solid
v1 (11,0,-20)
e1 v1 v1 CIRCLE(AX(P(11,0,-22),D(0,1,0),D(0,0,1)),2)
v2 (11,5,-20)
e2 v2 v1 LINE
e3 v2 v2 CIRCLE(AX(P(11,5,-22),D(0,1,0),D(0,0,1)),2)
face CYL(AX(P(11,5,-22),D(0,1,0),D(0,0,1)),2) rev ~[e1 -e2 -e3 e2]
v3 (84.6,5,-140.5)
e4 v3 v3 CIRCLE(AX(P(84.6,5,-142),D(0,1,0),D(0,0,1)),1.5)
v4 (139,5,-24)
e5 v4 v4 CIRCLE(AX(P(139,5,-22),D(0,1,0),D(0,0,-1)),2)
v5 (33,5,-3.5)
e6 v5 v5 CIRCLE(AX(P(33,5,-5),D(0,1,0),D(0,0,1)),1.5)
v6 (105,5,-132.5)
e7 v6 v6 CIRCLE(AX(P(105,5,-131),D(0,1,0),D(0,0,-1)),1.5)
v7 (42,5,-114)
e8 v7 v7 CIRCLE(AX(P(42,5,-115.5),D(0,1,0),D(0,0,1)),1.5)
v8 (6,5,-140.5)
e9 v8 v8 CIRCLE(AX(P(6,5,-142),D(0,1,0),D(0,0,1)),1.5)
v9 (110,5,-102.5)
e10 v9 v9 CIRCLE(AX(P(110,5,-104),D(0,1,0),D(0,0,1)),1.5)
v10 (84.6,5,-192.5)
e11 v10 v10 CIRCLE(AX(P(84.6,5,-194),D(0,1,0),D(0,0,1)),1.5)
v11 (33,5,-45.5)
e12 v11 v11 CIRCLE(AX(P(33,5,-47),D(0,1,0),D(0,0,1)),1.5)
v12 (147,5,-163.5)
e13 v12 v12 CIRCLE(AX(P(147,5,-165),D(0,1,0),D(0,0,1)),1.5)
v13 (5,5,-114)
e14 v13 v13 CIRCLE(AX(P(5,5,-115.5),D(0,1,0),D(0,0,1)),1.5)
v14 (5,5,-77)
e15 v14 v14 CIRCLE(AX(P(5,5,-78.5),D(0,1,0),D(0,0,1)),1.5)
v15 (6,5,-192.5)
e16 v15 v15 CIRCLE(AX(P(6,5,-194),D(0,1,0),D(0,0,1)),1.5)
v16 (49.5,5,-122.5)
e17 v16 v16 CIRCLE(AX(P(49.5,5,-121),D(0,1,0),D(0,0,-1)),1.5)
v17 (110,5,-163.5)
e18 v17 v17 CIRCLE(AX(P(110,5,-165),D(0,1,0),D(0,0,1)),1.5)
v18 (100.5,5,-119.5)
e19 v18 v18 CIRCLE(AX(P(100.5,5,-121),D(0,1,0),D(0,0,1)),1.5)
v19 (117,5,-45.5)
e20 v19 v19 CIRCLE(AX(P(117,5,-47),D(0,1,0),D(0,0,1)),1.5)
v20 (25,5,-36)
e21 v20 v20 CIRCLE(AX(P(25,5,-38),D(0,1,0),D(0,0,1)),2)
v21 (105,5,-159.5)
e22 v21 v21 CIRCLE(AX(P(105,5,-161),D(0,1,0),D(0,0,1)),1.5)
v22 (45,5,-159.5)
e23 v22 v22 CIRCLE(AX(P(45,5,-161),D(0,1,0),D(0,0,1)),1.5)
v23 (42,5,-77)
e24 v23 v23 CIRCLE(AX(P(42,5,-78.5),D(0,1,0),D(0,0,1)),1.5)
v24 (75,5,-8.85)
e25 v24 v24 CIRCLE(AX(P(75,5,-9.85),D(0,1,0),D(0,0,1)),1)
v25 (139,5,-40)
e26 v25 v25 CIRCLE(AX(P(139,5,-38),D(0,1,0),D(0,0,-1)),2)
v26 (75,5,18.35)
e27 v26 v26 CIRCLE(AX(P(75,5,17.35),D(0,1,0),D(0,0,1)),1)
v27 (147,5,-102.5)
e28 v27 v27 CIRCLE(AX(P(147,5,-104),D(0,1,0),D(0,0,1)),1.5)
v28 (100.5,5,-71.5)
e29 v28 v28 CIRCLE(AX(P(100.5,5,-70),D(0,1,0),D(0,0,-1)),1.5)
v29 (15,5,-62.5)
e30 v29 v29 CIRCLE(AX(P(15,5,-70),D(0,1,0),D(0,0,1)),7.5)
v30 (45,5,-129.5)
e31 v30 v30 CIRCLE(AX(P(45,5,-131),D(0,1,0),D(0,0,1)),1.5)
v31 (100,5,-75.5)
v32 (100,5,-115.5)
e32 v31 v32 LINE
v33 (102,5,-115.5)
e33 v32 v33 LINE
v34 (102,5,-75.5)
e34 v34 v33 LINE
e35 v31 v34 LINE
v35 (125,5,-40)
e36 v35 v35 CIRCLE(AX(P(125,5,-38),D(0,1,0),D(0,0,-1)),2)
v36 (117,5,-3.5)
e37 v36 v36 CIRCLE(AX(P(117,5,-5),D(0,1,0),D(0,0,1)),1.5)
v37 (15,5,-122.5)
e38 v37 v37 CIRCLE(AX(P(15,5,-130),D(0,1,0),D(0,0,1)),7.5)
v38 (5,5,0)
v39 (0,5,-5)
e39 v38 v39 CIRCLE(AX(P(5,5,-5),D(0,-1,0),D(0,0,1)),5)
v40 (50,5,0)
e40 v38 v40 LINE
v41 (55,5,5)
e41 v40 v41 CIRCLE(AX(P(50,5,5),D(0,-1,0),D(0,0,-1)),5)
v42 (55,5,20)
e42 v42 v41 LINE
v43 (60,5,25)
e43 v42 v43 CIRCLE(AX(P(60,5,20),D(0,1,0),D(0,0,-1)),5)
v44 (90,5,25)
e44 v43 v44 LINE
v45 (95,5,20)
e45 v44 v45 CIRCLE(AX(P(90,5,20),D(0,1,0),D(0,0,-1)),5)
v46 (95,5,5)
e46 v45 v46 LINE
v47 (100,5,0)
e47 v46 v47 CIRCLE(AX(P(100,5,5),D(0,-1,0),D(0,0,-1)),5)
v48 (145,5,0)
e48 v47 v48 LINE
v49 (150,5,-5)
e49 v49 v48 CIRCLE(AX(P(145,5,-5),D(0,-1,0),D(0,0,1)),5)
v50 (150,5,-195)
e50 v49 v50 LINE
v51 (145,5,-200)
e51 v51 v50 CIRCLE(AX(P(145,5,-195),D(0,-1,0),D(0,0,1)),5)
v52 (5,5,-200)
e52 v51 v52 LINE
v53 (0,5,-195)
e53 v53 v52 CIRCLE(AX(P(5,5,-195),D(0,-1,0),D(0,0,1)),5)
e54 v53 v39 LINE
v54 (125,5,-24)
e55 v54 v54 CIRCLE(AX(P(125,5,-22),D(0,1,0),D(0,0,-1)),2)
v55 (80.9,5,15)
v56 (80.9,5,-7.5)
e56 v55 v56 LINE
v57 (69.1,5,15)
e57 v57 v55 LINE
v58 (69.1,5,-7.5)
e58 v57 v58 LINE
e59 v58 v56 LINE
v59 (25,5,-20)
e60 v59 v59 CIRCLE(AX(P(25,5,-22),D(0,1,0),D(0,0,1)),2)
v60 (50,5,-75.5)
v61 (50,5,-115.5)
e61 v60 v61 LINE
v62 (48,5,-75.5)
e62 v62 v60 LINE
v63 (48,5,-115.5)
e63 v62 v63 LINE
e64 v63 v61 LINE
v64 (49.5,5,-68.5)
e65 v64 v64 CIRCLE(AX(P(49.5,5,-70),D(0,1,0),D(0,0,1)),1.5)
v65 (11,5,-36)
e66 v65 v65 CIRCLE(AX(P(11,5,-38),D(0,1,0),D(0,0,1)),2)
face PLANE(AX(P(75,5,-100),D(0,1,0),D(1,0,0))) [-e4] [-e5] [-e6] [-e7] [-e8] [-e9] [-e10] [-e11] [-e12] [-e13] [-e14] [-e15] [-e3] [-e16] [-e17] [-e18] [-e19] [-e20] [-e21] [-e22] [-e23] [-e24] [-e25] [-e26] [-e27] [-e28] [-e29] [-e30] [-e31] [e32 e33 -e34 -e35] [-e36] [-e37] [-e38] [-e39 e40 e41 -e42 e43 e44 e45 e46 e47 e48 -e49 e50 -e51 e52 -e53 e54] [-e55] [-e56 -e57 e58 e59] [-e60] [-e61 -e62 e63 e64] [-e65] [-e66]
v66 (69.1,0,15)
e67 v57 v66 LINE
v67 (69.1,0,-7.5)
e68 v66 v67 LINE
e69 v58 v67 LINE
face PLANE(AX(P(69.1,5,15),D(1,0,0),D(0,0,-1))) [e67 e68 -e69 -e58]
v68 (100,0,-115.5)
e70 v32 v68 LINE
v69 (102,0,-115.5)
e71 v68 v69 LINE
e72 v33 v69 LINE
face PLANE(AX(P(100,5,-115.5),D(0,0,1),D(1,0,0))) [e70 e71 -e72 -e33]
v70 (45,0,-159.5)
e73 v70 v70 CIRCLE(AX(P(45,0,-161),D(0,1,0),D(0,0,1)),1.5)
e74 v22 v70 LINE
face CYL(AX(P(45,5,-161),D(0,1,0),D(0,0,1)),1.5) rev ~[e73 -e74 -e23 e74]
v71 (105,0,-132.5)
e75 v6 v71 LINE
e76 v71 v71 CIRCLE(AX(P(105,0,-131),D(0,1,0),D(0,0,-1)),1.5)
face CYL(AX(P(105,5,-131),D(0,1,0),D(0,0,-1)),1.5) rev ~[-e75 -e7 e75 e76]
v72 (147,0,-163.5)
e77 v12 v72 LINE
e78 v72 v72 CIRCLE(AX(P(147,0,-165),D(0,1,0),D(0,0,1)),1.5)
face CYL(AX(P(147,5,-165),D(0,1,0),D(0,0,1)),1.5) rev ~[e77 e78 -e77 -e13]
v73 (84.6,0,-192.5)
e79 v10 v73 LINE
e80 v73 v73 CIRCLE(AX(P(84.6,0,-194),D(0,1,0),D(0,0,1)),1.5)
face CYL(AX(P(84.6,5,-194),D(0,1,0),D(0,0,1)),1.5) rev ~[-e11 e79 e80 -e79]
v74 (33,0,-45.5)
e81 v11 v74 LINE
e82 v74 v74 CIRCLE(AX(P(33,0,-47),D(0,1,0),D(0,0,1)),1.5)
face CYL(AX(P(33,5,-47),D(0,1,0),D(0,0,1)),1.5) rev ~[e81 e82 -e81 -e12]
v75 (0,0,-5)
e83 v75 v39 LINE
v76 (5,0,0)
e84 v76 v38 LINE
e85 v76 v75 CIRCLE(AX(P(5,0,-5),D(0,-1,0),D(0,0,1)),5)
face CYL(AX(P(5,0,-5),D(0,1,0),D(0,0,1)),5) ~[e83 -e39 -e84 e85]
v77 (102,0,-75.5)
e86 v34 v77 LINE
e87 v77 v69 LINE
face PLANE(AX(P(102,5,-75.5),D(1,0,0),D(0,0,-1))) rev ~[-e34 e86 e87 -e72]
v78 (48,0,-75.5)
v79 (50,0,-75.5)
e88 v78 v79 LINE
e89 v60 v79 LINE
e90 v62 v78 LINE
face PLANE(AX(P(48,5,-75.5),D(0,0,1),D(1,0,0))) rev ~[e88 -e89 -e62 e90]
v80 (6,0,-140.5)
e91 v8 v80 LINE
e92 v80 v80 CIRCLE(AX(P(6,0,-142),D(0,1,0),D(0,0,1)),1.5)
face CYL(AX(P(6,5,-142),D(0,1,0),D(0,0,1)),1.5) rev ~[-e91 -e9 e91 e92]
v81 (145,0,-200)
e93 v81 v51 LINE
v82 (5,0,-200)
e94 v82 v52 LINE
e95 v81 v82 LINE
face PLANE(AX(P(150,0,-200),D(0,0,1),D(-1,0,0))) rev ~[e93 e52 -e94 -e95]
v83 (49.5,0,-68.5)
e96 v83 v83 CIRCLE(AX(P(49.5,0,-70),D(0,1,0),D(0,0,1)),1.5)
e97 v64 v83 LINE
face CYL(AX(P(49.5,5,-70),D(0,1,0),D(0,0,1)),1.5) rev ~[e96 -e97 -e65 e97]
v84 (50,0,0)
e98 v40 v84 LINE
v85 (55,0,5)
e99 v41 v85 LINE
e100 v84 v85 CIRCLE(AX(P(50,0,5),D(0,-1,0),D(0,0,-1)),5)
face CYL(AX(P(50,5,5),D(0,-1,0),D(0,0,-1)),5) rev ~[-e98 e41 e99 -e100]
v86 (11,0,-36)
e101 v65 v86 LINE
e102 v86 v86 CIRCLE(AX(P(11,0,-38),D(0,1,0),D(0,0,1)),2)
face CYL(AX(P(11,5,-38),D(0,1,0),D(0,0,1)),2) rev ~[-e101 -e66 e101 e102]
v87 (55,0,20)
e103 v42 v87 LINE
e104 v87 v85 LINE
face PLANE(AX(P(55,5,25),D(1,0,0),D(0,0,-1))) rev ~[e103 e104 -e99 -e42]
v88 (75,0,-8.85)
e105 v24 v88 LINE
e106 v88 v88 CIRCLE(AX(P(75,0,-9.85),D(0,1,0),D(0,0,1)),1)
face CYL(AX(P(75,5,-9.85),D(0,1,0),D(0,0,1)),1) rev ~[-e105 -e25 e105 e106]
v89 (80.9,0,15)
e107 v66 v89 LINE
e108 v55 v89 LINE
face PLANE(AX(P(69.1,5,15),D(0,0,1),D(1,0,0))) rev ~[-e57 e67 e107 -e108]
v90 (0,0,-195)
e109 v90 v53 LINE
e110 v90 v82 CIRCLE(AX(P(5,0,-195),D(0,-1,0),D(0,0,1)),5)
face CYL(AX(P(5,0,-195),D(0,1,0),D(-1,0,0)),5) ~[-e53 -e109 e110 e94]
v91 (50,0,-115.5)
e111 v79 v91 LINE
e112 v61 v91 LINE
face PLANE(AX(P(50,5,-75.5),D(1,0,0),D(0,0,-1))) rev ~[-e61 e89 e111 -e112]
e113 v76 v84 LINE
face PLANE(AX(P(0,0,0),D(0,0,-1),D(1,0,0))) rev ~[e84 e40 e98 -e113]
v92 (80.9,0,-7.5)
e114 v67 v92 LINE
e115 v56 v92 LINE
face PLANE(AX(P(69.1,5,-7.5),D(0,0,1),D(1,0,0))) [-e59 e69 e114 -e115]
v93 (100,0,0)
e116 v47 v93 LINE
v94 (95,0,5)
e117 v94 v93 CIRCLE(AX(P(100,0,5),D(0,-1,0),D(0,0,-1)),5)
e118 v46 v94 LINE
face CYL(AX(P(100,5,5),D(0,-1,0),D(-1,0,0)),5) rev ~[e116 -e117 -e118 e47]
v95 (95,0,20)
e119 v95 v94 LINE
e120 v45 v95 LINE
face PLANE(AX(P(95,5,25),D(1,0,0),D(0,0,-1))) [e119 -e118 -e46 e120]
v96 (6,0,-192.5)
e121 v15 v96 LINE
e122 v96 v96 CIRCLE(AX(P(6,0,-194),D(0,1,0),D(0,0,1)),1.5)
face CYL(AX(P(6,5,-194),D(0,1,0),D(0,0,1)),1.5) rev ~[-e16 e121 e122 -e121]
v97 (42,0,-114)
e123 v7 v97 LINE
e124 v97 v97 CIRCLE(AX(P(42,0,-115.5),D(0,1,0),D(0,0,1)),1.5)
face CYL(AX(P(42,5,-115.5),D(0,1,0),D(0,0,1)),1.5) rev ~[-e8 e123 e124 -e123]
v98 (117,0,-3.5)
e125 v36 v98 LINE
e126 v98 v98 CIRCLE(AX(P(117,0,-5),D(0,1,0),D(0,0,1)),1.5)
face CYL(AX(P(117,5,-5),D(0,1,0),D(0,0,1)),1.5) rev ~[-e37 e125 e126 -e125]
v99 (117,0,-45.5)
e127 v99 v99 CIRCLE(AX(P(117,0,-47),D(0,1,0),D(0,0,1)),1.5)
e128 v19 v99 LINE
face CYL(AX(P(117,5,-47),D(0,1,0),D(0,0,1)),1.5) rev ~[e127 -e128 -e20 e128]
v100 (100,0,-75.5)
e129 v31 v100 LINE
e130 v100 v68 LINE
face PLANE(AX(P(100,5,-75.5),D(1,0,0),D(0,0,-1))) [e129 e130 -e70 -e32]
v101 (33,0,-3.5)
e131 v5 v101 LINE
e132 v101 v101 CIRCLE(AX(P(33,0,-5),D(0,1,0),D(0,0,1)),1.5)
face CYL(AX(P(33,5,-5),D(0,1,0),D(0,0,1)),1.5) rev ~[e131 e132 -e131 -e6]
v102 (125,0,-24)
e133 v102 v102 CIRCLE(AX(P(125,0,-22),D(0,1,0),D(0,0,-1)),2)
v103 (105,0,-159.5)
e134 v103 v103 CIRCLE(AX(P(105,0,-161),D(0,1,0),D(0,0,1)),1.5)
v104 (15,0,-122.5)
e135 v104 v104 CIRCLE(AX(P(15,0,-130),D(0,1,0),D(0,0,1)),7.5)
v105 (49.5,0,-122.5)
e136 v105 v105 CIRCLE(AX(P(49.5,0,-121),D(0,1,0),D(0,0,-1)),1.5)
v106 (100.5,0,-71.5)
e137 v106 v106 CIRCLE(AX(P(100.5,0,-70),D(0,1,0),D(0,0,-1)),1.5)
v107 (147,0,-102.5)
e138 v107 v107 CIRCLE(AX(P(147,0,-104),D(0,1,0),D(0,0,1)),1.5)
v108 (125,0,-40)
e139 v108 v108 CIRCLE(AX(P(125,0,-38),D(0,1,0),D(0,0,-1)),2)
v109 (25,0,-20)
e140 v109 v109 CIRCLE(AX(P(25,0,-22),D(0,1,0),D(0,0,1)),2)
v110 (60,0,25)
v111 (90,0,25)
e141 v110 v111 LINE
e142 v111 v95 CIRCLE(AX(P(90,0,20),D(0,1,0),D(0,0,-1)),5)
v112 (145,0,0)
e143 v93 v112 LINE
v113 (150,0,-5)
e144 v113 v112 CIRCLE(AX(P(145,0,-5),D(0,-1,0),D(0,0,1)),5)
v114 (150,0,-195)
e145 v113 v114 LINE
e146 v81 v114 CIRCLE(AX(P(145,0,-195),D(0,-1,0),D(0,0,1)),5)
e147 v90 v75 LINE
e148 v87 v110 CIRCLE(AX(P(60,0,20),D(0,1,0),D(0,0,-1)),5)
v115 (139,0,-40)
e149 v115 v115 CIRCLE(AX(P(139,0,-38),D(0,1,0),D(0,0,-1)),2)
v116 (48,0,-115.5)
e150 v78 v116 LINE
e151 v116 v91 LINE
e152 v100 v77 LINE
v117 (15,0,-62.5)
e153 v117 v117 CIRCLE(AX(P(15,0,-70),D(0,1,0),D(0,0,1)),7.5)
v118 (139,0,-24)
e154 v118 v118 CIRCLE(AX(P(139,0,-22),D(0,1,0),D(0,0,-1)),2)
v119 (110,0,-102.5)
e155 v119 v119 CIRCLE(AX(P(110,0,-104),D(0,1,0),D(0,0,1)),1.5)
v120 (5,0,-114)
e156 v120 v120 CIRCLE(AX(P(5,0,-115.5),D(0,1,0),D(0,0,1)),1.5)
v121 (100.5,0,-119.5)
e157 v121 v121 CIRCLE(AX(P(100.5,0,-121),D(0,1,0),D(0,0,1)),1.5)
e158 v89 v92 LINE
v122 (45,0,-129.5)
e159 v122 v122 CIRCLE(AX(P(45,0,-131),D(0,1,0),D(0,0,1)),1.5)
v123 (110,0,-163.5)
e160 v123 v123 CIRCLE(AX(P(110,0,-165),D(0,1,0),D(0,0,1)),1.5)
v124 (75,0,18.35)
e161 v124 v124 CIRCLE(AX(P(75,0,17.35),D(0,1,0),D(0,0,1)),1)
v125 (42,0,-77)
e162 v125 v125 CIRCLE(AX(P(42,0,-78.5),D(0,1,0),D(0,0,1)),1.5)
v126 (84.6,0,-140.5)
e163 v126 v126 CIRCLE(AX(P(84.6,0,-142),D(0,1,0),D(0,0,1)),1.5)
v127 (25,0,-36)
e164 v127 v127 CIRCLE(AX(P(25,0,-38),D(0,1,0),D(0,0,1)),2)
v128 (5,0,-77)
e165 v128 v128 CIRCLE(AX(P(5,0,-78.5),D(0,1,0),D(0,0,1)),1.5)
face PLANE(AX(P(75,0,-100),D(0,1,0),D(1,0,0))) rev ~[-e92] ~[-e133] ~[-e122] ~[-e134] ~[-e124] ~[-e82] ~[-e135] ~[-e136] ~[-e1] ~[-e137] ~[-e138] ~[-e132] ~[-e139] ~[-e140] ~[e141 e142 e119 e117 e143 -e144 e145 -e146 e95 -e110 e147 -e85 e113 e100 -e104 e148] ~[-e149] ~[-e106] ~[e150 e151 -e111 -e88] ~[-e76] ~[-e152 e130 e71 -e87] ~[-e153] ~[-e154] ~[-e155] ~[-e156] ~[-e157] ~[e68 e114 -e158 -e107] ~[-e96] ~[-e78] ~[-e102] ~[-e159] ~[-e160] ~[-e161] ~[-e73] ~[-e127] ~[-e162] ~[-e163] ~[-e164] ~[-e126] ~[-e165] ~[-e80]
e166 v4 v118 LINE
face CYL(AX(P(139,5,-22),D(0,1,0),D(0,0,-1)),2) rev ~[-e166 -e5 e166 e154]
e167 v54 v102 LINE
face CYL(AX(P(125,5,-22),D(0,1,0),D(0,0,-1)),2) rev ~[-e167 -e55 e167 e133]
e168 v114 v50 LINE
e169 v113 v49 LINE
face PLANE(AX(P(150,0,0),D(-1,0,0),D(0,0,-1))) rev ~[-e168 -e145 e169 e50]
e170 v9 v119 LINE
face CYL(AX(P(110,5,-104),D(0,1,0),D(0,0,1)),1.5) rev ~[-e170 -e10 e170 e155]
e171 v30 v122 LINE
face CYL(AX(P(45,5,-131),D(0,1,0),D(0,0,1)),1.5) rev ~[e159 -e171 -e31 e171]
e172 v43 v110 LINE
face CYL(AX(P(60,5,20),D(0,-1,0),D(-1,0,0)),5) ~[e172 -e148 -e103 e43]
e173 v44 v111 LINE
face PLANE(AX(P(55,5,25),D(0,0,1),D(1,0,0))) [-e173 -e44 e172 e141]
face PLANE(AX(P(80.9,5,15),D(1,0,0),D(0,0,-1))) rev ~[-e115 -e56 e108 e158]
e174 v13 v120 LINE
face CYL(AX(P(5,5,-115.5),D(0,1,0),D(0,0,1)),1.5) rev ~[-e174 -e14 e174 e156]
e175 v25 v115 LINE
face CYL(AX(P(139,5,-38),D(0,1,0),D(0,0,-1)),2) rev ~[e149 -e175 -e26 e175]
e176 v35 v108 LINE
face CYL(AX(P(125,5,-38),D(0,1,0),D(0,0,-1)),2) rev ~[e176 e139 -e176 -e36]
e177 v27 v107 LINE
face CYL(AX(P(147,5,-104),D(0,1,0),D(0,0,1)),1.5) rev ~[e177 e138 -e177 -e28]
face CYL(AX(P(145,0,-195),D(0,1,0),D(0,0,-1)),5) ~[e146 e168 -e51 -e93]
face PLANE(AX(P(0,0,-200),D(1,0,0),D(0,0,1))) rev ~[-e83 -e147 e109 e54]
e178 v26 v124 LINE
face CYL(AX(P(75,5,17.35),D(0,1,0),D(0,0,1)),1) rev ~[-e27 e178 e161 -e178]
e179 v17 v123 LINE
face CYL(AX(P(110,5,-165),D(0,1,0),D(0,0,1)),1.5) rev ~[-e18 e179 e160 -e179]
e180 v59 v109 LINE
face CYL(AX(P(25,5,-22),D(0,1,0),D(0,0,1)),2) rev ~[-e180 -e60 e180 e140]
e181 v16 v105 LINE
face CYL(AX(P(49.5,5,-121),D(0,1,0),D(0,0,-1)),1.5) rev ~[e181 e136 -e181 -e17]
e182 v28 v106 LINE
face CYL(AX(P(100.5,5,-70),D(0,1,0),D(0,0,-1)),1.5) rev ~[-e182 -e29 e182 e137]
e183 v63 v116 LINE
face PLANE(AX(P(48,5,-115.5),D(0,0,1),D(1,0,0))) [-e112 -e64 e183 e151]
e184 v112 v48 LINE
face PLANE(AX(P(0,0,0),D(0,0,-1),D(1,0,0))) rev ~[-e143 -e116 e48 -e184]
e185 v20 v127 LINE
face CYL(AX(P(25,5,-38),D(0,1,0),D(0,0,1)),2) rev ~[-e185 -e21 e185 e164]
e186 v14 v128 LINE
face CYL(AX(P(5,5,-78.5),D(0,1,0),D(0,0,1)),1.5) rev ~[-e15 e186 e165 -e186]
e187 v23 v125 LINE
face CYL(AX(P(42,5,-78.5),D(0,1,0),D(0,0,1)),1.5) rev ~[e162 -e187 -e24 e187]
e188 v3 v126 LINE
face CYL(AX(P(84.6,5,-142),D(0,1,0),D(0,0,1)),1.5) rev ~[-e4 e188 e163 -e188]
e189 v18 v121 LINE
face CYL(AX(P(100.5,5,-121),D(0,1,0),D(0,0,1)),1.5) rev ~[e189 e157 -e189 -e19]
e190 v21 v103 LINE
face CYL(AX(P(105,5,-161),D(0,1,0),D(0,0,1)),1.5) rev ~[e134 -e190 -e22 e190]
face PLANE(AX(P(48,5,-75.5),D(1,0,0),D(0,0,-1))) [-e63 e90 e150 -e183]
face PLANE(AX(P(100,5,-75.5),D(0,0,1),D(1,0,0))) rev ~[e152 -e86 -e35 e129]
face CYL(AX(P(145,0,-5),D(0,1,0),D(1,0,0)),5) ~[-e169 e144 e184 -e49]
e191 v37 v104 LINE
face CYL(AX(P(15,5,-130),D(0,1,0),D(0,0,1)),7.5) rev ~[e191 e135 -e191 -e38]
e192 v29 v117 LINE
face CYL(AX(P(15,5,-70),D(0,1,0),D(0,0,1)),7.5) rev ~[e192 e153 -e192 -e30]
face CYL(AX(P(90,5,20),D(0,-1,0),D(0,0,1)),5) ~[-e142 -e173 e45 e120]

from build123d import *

# Parameters (mm, degrees)
EXTRUDE_1_DEPTH     = 5
SKETCH_3_W          = 40
SKETCH_3_H          = 25
EXTRUDE_2_DEPTH     = 5
SKETCH_2_R          = 2
SKETCH_2_R_2        = 1
SKETCH_2_R_3        = 1.5
SKETCH_2_R_4        = 7.5
SKETCH_2_W          = 2
SKETCH_2_H          = 40
SKETCH_2_W_2        = 11.8
SKETCH_2_H_2        = 22.5
CUT_EXTRUDE_1_DEPTH = 10
FILLET_2_R          = 5


with BuildPart() as part:
    # 草图1 → 凸台-拉伸1 (new body)
    with BuildSketch(Plane(origin=(0, 0, 0), x_dir=(1, 0, 0), z_dir=(0, 1, 0))):
        Polygon((0, 0), (150, 0), (150, 100), (150, 200), (0, 200), (0, 100), align=None)
    extrude(amount=EXTRUDE_1_DEPTH)

    # 草图3 → 凸台-拉伸2 (add)
    with BuildSketch(Plane(origin=(0, 5, 0), x_dir=(1, 0, 0), z_dir=(0, 1, 0))):
        with Locations((75, -12.5)):
            Rectangle(SKETCH_3_W, SKETCH_3_H)
    extrude(amount=-EXTRUDE_2_DEPTH)

    # 草图2 → 切除-拉伸1 (cut)
    with BuildSketch(Plane(origin=(0, 5, 0), x_dir=(1, 0, 0), z_dir=(0, 1, 0))):
        with Locations(Location((11, 38, 0), (0, 0, 270))):
            Circle(SKETCH_2_R)
        with Locations(Location((25, 38, 0), (0, 0, 270))):
            Circle(SKETCH_2_R)
        with Locations(Location((11, 22, 0), (0, 0, 270))):
            Circle(SKETCH_2_R)
        with Locations(Location((25, 22, 0), (0, 0, 270))):
            Circle(SKETCH_2_R)
        with Locations(Location((125, 22, 0), (0, 0, 90))):
            Circle(SKETCH_2_R)
        with Locations(Location((139, 22, 0), (0, 0, 90))):
            Circle(SKETCH_2_R)
        with Locations(Location((139, 38, 0), (0, 0, 90))):
            Circle(SKETCH_2_R)
        with Locations(Location((125, 38, 0), (0, 0, 90))):
            Circle(SKETCH_2_R)
        with Locations(Location((75, -17.35, 0), (0, 0, 270))):
            Circle(SKETCH_2_R_2)
        with Locations(Location((75, 9.85, 0), (0, 0, 270))):
            Circle(SKETCH_2_R_2)
        with Locations(Location((49.5, 70, 0), (0, 0, 270))):
            Circle(SKETCH_2_R_3)
        with Locations(Location((49.5, 121, 0), (0, 0, 90))):
            Circle(SKETCH_2_R_3)
        with Locations(Location((100.5, 121, 0), (0, 0, 270))):
            Circle(SKETCH_2_R_3)
        with Locations(Location((100.5, 70, 0), (0, 0, 90))):
            Circle(SKETCH_2_R_3)
        with Locations(Location((110, 165, 0), (0, 0, 270))):
            Circle(SKETCH_2_R_3)
        with Locations(Location((147, 165, 0), (0, 0, 270))):
            Circle(SKETCH_2_R_3)
        with Locations(Location((110, 104, 0), (0, 0, 270))):
            Circle(SKETCH_2_R_3)
        with Locations(Location((147, 104, 0), (0, 0, 270))):
            Circle(SKETCH_2_R_3)
        with Locations(Location((5, 115.5, 0), (0, 0, 270))):
            Circle(SKETCH_2_R_3)
        with Locations(Location((42, 115.5, 0), (0, 0, 270))):
            Circle(SKETCH_2_R_3)
        with Locations(Location((42, 78.5, 0), (0, 0, 270))):
            Circle(SKETCH_2_R_3)
        with Locations(Location((5, 78.5, 0), (0, 0, 270))):
            Circle(SKETCH_2_R_3)
        with Locations(Location((6, 194, 0), (0, 0, 270))):
            Circle(SKETCH_2_R_3)
        with Locations(Location((84.6, 194, 0), (0, 0, 270))):
            Circle(SKETCH_2_R_3)
        with Locations(Location((84.6, 142, 0), (0, 0, 270))):
            Circle(SKETCH_2_R_3)
        with Locations(Location((6, 142, 0), (0, 0, 270))):
            Circle(SKETCH_2_R_3)
        with Locations(Location((45, 131, 0), (0, 0, 270))):
            Circle(SKETCH_2_R_3)
        with Locations(Location((105, 131, 0), (0, 0, 90))):
            Circle(SKETCH_2_R_3)
        with Locations(Location((33, 5, 0), (0, 0, 270))):
            Circle(SKETCH_2_R_3)
        with Locations(Location((33, 47, 0), (0, 0, 270))):
            Circle(SKETCH_2_R_3)
        with Locations(Location((117, 47, 0), (0, 0, 270))):
            Circle(SKETCH_2_R_3)
        with Locations(Location((117, 5, 0), (0, 0, 270))):
            Circle(SKETCH_2_R_3)
        with Locations(Location((105, 161, 0), (0, 0, 270))):
            Circle(SKETCH_2_R_3)
        with Locations(Location((45, 161, 0), (0, 0, 270))):
            Circle(SKETCH_2_R_3)
        with Locations(Location((15, 70, 0), (0, 0, 270))):
            Circle(SKETCH_2_R_4)
        with Locations(Location((15, 130, 0), (0, 0, 270))):
            Circle(SKETCH_2_R_4)
        with Locations((101, 95.5)):
            Rectangle(SKETCH_2_W, SKETCH_2_H)
        with Locations((75, -3.75)):
            Rectangle(SKETCH_2_W_2, SKETCH_2_H_2)
        with Locations((49, 95.5)):
            Rectangle(SKETCH_2_W, SKETCH_2_H)
    extrude(amount=-CUT_EXTRUDE_1_DEPTH, mode=Mode.SUBTRACT)

    # 圆角2
    fillet_2_edges = [part.edges().sort_by_distance(p)[0] for p in [
        (0, 2.5, -200),
        (150, 2.5, -200),
        (150, 2.5, 0),
        (0, 2.5, 0),
        (55, 2.5, 0),
        (95, 2.5, 0),
        (95, 2.5, 25),
        (55, 2.5, 25),
    ]]
    fillet(fillet_2_edges, radius=FILLET_2_R)


solid = part.part
